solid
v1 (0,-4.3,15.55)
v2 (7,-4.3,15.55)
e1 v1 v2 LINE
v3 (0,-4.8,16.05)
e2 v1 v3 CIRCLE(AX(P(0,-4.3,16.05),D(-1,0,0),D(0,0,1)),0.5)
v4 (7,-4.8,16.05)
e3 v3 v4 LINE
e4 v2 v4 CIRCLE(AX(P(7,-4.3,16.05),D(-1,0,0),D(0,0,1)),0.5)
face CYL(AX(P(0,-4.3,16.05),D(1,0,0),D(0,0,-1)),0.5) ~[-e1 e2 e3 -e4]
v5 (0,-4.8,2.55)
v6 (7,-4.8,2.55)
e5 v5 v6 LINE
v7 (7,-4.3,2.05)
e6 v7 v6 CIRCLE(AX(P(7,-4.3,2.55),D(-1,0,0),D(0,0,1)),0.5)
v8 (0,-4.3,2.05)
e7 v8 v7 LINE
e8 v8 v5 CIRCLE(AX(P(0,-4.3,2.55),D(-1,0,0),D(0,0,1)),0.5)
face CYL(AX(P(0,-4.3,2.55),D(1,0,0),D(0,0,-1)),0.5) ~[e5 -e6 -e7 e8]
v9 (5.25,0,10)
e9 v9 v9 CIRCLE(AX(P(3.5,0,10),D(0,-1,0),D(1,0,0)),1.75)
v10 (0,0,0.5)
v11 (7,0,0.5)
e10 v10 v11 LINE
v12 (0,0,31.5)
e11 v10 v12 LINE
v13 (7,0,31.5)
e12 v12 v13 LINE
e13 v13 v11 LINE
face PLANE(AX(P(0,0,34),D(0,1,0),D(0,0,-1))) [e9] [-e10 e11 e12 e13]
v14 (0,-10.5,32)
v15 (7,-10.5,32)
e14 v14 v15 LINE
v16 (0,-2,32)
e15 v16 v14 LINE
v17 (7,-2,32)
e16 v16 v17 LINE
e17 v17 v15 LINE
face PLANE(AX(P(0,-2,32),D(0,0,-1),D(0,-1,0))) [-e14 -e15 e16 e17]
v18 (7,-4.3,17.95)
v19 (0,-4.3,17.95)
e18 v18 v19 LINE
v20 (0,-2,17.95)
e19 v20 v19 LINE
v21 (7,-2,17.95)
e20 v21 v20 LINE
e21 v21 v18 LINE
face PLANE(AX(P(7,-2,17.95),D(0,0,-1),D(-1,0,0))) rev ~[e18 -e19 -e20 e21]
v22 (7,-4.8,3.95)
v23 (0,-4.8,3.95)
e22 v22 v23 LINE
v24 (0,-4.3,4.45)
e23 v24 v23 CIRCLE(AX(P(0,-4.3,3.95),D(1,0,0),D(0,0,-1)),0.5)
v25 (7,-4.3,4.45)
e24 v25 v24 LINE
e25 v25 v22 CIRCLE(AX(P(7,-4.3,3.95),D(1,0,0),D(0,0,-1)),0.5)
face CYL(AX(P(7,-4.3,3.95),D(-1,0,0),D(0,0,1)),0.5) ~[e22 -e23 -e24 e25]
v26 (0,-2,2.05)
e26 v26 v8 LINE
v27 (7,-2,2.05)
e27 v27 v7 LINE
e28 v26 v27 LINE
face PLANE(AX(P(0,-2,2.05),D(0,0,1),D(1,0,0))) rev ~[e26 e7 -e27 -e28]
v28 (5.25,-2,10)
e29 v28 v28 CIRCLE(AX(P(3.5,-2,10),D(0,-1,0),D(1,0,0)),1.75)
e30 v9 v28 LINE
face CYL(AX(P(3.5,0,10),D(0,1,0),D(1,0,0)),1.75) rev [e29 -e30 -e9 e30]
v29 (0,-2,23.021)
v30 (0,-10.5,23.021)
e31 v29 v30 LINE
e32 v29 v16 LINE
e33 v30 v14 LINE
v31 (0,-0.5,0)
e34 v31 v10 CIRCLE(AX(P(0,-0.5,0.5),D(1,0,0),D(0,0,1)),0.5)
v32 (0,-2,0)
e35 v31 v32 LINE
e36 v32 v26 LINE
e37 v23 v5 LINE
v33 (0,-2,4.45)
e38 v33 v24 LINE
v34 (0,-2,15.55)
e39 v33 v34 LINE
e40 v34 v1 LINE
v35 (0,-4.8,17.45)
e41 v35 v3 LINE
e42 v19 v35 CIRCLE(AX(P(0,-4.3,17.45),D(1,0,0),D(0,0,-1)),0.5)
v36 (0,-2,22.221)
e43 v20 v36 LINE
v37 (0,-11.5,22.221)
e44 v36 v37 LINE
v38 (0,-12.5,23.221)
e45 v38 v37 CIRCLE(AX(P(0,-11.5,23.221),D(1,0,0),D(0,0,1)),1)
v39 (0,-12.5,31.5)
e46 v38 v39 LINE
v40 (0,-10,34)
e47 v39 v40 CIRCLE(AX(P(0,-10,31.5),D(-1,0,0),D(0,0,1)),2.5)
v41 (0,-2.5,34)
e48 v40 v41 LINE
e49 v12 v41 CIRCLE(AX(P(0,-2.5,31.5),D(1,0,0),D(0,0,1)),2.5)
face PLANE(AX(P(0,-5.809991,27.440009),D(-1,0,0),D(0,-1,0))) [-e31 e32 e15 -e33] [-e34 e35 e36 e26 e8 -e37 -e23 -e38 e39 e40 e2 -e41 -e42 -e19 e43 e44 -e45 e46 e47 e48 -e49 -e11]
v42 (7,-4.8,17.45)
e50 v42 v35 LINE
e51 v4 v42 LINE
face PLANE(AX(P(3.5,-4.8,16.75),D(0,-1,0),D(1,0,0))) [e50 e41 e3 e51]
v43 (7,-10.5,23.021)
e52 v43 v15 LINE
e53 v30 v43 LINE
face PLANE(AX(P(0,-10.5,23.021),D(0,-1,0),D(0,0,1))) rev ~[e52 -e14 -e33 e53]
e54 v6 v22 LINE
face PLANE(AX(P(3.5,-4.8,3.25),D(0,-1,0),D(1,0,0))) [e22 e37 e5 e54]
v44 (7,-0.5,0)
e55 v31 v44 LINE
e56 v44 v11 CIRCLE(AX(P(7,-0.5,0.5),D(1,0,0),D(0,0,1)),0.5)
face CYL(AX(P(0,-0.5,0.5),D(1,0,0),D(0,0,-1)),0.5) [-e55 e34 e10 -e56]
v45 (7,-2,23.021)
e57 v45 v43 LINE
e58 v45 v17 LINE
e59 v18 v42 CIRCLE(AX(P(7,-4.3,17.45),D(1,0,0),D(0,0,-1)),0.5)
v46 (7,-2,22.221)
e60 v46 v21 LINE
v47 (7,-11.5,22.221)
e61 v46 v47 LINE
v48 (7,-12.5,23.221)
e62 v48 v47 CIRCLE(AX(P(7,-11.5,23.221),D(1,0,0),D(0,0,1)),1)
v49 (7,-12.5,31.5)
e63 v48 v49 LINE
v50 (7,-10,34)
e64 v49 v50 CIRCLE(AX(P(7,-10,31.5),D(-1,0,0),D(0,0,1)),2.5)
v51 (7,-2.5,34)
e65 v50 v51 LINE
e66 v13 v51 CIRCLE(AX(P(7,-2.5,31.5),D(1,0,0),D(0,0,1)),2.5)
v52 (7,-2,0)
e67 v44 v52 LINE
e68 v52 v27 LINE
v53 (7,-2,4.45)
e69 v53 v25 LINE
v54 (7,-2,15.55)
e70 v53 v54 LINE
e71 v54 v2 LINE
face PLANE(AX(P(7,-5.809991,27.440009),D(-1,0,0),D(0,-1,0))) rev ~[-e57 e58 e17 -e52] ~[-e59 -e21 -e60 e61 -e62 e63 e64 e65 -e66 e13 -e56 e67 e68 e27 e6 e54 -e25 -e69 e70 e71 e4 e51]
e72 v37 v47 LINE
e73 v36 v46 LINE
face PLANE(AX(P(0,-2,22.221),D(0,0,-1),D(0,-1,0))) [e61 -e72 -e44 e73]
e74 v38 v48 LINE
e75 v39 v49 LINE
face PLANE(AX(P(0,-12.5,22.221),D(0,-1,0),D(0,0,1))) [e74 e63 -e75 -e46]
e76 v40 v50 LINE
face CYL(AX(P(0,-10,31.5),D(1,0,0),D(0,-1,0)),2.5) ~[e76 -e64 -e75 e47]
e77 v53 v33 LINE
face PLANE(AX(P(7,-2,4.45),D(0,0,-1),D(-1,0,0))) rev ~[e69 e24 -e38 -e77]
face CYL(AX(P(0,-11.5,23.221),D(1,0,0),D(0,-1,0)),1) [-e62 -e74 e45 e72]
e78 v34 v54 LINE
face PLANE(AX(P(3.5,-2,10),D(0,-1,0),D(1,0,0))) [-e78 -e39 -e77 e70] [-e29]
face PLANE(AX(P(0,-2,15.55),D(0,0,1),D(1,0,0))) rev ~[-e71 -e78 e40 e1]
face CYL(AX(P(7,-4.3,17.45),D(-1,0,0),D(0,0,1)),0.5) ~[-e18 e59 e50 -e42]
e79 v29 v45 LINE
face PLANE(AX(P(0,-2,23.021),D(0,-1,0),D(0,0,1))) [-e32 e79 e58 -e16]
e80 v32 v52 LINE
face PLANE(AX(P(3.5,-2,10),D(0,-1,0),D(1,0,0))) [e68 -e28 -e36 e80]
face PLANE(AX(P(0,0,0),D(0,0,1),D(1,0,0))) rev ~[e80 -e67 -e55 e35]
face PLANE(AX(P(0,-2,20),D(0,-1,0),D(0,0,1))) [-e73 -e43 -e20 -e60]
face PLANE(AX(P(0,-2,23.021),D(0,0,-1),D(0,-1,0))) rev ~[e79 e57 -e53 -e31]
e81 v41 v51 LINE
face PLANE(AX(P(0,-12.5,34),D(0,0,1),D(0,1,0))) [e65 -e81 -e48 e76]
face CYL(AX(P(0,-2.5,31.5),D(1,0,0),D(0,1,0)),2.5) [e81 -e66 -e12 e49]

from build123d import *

# Parameters (mm, degrees)
F0_W     = 7
F0_H     = 20
F0_R     = 1.75
F1_DEPTH = 2
F3_DEPTH = 2.8
F4_R     = 0.5
F5_R     = 0.5
F6_W     = 8.5
F6_H     = 8.979
F7_DEPTH = 7
F8_R     = 2.5
F9_R     = 1


with BuildPart() as f1:
    # F0 (on Front) → F1 (new body)
    with BuildSketch(Plane.XZ):
        with Locations((3.5, 10)):
            Rectangle(F0_W, F0_H)
        with Locations((3.5, 10)):
            Circle(F0_R, mode=Mode.SUBTRACT)
    extrude(amount=F1_DEPTH)

    # F2 (on face) → F3 (join)
    with BuildSketch(Plane.XZ.offset(2)):
        Polygon((7, 4.45), (3.5, 4.45), (0, 4.45), (0, 2.05), (7, 2.05), align=None)
        Polygon((0, 15.55), (3.5, 15.55), (7, 15.55), (7, 17.95), (0, 17.95), align=None)
    extrude(amount=F3_DEPTH)

    # F4
    f4_edges = [f1.edges().sort_by_distance(p)[0] for p in [
        (3.5, -4.8, 2.05),
        (3.5, -4.8, 4.45),
        (3.5, -4.8, 15.55),
        (3.5, -4.8, 17.95),
    ]]
    fillet(f4_edges, radius=F4_R)

    # F5
    f5_edges = [f1.edges().sort_by_distance(p)[0] for p in [
        (3.5, 0, 0),
    ]]
    fillet(f5_edges, radius=F5_R)

    # F6 (on face) → F7 (join, through all)
    with BuildSketch(Plane(origin=(0, 0, 0), x_dir=(0, -1, 0), z_dir=(-1, 0, 0))):
        Polygon((0, 20), (2, 20), (2, 22.221), (11.03, 22.221), (12.5, 22.221), (12.5, 34), (0, 34), align=None)
        with Locations((6.25, 27.5105)):
            Rectangle(F6_W, F6_H, mode=Mode.SUBTRACT)
    extrude(amount=-F7_DEPTH)

    # F8
    f8_edges = [f1.edges().sort_by_distance(p)[0] for p in [
        (3.5, -12.5, 34),
        (3.5, 0, 34),
    ]]
    fillet(f8_edges, radius=F8_R)

    # F9
    f9_edges = [f1.edges().sort_by_distance(p)[0] for p in [
        (3.5, -12.5, 22.221),
    ]]
    fillet(f9_edges, radius=F9_R)


solid = f1.part
